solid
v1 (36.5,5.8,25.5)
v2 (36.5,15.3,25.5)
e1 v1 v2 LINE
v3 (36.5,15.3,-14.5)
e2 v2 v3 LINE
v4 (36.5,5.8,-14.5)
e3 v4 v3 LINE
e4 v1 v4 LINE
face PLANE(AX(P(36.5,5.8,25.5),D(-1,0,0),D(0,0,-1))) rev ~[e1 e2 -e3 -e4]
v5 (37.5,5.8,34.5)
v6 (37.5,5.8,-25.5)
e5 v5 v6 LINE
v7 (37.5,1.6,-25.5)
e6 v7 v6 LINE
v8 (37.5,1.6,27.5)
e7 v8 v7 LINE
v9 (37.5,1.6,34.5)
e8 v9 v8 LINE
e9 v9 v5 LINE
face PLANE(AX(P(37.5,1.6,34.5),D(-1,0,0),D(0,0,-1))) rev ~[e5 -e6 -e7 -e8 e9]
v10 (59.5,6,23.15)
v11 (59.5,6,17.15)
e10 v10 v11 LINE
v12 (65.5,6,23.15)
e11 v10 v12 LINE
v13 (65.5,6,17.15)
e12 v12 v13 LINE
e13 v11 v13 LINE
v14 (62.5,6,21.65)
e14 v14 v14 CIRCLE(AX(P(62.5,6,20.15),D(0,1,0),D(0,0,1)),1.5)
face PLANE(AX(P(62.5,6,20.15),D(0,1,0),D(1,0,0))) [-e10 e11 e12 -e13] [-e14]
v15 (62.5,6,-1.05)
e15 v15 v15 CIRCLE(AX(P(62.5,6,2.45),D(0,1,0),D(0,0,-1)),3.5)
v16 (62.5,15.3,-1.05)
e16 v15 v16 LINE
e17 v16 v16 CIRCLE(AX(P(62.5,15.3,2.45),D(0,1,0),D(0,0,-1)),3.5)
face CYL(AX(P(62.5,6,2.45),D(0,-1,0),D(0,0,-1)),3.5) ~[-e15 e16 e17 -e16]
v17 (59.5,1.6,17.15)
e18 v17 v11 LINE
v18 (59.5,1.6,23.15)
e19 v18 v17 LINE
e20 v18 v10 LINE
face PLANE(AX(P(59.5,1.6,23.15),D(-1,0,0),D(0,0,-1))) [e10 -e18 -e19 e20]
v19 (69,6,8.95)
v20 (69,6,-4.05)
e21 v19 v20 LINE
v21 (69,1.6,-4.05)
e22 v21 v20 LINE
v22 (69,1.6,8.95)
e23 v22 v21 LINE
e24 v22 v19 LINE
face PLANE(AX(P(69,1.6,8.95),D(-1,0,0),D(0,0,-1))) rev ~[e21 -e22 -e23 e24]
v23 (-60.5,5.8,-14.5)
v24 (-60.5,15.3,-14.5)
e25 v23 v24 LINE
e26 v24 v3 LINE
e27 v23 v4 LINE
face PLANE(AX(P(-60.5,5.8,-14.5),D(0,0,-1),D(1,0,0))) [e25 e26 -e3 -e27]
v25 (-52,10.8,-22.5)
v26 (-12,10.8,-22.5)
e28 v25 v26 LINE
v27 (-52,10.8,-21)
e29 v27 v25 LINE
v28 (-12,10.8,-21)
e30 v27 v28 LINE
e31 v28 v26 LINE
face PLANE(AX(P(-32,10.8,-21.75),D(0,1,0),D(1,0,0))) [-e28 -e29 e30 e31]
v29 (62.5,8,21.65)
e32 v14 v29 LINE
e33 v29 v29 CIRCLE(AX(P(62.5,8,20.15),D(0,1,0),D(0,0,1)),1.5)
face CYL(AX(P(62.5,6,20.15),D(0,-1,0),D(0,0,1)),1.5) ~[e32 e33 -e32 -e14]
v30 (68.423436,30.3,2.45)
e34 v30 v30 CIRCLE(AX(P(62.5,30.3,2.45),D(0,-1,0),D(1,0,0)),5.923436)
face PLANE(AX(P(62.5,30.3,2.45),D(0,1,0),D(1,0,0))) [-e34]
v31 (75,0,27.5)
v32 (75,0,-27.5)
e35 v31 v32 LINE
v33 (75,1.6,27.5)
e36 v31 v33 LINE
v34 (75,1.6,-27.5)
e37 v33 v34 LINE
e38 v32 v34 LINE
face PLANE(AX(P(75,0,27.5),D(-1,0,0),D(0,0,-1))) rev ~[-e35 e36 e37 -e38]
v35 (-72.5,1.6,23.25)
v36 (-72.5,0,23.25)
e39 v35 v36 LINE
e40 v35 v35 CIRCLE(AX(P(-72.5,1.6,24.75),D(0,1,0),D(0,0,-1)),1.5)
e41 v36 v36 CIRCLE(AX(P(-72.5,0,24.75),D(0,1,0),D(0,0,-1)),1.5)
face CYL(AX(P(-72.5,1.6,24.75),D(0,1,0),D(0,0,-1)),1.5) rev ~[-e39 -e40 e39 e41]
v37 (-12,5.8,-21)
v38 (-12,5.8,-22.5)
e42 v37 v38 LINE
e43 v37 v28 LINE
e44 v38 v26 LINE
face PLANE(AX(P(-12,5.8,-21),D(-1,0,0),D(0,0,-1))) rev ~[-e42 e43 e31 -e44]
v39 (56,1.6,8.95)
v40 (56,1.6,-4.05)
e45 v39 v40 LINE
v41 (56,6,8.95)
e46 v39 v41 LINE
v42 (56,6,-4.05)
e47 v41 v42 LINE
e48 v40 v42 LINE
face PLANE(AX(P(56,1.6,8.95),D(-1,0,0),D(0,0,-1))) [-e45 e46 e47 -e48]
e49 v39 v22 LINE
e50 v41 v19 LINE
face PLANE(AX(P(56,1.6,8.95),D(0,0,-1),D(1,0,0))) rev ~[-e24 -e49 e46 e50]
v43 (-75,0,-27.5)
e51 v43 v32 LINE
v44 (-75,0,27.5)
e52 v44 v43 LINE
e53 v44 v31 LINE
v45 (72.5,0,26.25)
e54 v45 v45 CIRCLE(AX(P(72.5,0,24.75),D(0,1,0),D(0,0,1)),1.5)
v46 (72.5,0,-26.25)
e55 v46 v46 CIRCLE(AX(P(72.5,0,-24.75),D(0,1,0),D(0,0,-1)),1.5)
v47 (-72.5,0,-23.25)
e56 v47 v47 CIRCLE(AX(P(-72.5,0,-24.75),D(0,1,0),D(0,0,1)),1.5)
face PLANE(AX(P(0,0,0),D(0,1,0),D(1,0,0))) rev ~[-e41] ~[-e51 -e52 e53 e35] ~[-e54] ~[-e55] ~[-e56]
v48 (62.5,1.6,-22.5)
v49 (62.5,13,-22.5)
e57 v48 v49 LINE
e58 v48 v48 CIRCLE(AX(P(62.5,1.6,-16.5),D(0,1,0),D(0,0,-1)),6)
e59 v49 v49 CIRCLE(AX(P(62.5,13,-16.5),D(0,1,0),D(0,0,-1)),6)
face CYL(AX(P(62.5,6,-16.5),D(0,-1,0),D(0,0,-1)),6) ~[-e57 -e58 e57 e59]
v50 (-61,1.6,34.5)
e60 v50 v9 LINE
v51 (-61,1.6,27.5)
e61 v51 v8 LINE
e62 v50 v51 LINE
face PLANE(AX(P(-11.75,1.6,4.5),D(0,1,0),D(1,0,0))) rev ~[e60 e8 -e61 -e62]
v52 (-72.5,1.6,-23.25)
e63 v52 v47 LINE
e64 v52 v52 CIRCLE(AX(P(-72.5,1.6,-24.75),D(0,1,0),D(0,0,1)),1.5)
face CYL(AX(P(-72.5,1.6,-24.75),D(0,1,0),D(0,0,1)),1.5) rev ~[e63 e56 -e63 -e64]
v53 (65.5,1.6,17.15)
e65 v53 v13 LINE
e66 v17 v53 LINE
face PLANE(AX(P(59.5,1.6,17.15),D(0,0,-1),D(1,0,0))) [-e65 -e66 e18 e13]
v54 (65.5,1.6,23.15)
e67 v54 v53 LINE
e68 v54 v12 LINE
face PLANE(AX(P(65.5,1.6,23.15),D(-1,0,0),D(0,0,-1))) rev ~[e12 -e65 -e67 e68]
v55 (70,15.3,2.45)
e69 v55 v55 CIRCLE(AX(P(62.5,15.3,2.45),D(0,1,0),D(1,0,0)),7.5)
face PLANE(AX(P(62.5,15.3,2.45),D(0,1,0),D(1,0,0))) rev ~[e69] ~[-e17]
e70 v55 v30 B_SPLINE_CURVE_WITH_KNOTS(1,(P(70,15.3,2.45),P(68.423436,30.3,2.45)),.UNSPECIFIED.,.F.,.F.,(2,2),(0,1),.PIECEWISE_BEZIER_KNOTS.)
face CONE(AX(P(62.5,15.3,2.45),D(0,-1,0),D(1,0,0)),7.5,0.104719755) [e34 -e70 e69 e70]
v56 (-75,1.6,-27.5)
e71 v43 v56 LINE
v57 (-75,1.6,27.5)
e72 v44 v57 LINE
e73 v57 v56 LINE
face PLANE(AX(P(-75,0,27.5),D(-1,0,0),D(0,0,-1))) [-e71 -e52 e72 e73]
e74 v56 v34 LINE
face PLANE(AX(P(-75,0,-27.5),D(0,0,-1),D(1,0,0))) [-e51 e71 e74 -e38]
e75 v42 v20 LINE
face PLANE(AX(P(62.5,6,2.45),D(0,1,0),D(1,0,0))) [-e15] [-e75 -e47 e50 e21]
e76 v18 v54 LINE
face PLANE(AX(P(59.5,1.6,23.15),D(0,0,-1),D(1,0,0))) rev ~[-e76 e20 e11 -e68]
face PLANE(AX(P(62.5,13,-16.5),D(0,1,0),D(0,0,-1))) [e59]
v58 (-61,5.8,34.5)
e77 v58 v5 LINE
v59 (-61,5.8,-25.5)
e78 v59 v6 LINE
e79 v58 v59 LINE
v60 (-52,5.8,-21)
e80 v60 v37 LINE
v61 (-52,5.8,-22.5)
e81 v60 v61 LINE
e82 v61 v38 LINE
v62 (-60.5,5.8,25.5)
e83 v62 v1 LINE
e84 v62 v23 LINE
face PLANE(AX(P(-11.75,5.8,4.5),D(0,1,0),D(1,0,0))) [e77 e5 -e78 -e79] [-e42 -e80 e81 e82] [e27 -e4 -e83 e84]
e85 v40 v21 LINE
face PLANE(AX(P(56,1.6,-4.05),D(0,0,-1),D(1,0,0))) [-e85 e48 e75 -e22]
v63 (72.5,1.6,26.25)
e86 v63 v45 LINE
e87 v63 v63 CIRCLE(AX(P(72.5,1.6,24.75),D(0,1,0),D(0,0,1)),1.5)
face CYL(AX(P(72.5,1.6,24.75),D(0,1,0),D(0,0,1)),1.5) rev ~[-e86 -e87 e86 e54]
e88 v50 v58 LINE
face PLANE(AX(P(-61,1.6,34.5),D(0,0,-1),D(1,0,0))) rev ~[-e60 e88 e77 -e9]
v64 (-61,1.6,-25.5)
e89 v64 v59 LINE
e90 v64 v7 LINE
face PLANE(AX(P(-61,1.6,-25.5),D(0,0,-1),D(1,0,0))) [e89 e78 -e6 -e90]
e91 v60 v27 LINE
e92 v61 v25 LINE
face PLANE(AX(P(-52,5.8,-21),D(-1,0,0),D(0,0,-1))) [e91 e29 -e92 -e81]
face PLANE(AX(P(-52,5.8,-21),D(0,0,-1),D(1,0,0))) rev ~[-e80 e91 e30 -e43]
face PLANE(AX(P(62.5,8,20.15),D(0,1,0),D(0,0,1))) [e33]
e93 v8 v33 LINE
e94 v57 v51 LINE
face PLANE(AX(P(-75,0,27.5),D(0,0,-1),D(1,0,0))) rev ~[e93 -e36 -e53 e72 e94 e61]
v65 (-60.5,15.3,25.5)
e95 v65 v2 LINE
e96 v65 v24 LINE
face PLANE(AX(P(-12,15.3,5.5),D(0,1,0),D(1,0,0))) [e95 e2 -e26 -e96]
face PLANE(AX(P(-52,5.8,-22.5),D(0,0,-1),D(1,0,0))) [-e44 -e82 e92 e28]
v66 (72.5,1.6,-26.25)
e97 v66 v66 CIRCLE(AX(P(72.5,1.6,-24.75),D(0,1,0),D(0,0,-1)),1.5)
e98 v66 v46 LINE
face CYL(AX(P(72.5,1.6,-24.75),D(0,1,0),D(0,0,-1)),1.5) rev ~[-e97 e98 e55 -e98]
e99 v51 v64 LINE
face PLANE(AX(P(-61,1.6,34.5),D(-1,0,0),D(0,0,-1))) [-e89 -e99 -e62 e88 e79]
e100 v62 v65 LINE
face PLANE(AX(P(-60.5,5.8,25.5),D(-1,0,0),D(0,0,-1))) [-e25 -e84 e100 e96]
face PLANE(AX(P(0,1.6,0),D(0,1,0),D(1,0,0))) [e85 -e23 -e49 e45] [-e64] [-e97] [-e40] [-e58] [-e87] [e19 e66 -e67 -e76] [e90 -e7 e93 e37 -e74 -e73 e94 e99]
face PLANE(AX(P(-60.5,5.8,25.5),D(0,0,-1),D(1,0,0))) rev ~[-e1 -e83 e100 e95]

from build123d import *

# Parameters (mm, degrees)
SKETCH1_W                  = 150
SKETCH1_H                  = 55
MAINPCB_DEPTH              = 1.6
SKETCH2_R                  = 1.5
SCREWHOLES_DEPTH           = 80.898748426
SKETCH3_W                  = 98.5
SKETCH3_H                  = 60
BOSS_EXTRUDE2_DEPTH        = 4.2
SKETCH4_W                  = 97
SKETCH4_H                  = 40
BOSS_EXTRUDE3_DEPTH        = 9.5
SKETCH5_R                  = 6
SKETCH5_W                  = 13
SKETCH5_H                  = 13
SKETCH5_W_2                = 6
SKETCH5_H_2                = 6
BOSS_EXTRUDE4_DEPTH        = 4.4
SKETCH6_R                  = 1.5
BOSS_EXTRUDE5_DEPTH        = 2
SKETCH7_R                  = 6
BOSS_EXTRUDE6_DEPTH        = 7
SKETCH8_R                  = 3.5
BOSS_EXTRUDE7_DEPTH        = 9.3
SKETCH9_R                  = 7.5
BOSS_EXTRUDE8_DEPTH        = 15
BOSS_EXTRUDE8_TAPER        = 6
SKETCH10_W                 = 40
SKETCH10_H                 = 1.5
ANNOYINGLYPLACEDPINS_DEPTH = 5


with BuildPart() as part:
    # Sketch1 → MainPCB (new body)
    with BuildSketch(Plane(origin=(0, 0, 0), x_dir=(1, 0, 0), z_dir=(0, 1, 0))):
        Rectangle(SKETCH1_W, SKETCH1_H)
    extrude(amount=MAINPCB_DEPTH)

    # Sketch2 → ScrewHoles (cut, through all)
    with BuildSketch(Plane(origin=(0, 1.6, 0), x_dir=(1, 0, 0), z_dir=(0, 1, 0))):
        with Locations(Location((-72.5, 24.75, 0), (0, 0, 270))):
            Circle(SKETCH2_R)
        with Locations(Location((-72.5, -24.75, 0), (0, 0, 90))):
            Circle(SKETCH2_R)
        with Locations(Location((72.5, -24.75, 0), (0, 0, 270))):
            Circle(SKETCH2_R)
        with Locations(Location((72.5, 24.75, 0), (0, 0, 90))):
            Circle(SKETCH2_R)
    extrude(amount=-SCREWHOLES_DEPTH, mode=Mode.SUBTRACT)

    # Sketch3 → Boss-Extrude2 (add)
    with BuildSketch(Plane(origin=(0, 1.6, 0), x_dir=(1, 0, 0), z_dir=(0, 1, 0))):
        with Locations((-11.75, -4.5)):
            Rectangle(SKETCH3_W, SKETCH3_H)
    extrude(amount=BOSS_EXTRUDE2_DEPTH)

    # Sketch4 → Boss-Extrude3 (add)
    with BuildSketch(Plane(origin=(0, 5.8, 0), x_dir=(1, 0, 0), z_dir=(0, 1, 0))):
        with Locations((-12, -5.5)):
            Rectangle(SKETCH4_W, SKETCH4_H)
    extrude(amount=BOSS_EXTRUDE3_DEPTH)

    # Sketch5 → Boss-Extrude4 (add)
    with BuildSketch(Plane(origin=(0, 1.6, 0), x_dir=(1, 0, 0), z_dir=(0, 1, 0))):
        with Locations(Location((62.5, 16.5, 0), (0, 0, 90))):
            Circle(SKETCH5_R)
        with Locations((62.5, -2.45)):
            Rectangle(SKETCH5_W, SKETCH5_H)
        with Locations((62.5, -20.15)):
            Rectangle(SKETCH5_W_2, SKETCH5_H_2)
    extrude(amount=BOSS_EXTRUDE4_DEPTH)

    # Sketch6 → Boss-Extrude5 (add)
    with BuildSketch(Plane(origin=(0, 6, 0), x_dir=(1, 0, 0), z_dir=(0, 1, 0))):
        with Locations(Location((62.5, -20.15, 0), (0, 0, 270))):
            Circle(SKETCH6_R)
    extrude(amount=BOSS_EXTRUDE5_DEPTH)

    # Sketch7 → Boss-Extrude6 (add)
    with BuildSketch(Plane(origin=(0, 6, 0), x_dir=(1, 0, 0), z_dir=(0, 1, 0))):
        with Locations(Location((62.5, 16.5, 0), (0, 0, 90))):
            Circle(SKETCH7_R)
    extrude(amount=BOSS_EXTRUDE6_DEPTH)

    # Sketch8 → Boss-Extrude7 (add)
    with BuildSketch(Plane(origin=(0, 6, 0), x_dir=(1, 0, 0), z_dir=(0, 1, 0))):
        with Locations(Location((62.5, -2.45, 0), (0, 0, 90))):
            Circle(SKETCH8_R)
    extrude(amount=BOSS_EXTRUDE7_DEPTH)

    # Sketch9 → Boss-Extrude8 (add)
    with BuildSketch(Plane(origin=(0, 15.3, 0), x_dir=(1, 0, 0), z_dir=(0, 1, 0))):
        with Locations((62.5, -2.45)):
            Circle(SKETCH9_R)
    extrude(amount=BOSS_EXTRUDE8_DEPTH, taper=BOSS_EXTRUDE8_TAPER)

    # Sketch10 → AnnoyinglyPlacedPins (add)
    with BuildSketch(Plane(origin=(0, 5.8, 0), x_dir=(1, 0, 0), z_dir=(0, 1, 0))):
        with Locations((-32, 21.75)):
            Rectangle(SKETCH10_W, SKETCH10_H)
    extrude(amount=ANNOYINGLYPLACEDPINS_DEPTH)


solid = part.part
